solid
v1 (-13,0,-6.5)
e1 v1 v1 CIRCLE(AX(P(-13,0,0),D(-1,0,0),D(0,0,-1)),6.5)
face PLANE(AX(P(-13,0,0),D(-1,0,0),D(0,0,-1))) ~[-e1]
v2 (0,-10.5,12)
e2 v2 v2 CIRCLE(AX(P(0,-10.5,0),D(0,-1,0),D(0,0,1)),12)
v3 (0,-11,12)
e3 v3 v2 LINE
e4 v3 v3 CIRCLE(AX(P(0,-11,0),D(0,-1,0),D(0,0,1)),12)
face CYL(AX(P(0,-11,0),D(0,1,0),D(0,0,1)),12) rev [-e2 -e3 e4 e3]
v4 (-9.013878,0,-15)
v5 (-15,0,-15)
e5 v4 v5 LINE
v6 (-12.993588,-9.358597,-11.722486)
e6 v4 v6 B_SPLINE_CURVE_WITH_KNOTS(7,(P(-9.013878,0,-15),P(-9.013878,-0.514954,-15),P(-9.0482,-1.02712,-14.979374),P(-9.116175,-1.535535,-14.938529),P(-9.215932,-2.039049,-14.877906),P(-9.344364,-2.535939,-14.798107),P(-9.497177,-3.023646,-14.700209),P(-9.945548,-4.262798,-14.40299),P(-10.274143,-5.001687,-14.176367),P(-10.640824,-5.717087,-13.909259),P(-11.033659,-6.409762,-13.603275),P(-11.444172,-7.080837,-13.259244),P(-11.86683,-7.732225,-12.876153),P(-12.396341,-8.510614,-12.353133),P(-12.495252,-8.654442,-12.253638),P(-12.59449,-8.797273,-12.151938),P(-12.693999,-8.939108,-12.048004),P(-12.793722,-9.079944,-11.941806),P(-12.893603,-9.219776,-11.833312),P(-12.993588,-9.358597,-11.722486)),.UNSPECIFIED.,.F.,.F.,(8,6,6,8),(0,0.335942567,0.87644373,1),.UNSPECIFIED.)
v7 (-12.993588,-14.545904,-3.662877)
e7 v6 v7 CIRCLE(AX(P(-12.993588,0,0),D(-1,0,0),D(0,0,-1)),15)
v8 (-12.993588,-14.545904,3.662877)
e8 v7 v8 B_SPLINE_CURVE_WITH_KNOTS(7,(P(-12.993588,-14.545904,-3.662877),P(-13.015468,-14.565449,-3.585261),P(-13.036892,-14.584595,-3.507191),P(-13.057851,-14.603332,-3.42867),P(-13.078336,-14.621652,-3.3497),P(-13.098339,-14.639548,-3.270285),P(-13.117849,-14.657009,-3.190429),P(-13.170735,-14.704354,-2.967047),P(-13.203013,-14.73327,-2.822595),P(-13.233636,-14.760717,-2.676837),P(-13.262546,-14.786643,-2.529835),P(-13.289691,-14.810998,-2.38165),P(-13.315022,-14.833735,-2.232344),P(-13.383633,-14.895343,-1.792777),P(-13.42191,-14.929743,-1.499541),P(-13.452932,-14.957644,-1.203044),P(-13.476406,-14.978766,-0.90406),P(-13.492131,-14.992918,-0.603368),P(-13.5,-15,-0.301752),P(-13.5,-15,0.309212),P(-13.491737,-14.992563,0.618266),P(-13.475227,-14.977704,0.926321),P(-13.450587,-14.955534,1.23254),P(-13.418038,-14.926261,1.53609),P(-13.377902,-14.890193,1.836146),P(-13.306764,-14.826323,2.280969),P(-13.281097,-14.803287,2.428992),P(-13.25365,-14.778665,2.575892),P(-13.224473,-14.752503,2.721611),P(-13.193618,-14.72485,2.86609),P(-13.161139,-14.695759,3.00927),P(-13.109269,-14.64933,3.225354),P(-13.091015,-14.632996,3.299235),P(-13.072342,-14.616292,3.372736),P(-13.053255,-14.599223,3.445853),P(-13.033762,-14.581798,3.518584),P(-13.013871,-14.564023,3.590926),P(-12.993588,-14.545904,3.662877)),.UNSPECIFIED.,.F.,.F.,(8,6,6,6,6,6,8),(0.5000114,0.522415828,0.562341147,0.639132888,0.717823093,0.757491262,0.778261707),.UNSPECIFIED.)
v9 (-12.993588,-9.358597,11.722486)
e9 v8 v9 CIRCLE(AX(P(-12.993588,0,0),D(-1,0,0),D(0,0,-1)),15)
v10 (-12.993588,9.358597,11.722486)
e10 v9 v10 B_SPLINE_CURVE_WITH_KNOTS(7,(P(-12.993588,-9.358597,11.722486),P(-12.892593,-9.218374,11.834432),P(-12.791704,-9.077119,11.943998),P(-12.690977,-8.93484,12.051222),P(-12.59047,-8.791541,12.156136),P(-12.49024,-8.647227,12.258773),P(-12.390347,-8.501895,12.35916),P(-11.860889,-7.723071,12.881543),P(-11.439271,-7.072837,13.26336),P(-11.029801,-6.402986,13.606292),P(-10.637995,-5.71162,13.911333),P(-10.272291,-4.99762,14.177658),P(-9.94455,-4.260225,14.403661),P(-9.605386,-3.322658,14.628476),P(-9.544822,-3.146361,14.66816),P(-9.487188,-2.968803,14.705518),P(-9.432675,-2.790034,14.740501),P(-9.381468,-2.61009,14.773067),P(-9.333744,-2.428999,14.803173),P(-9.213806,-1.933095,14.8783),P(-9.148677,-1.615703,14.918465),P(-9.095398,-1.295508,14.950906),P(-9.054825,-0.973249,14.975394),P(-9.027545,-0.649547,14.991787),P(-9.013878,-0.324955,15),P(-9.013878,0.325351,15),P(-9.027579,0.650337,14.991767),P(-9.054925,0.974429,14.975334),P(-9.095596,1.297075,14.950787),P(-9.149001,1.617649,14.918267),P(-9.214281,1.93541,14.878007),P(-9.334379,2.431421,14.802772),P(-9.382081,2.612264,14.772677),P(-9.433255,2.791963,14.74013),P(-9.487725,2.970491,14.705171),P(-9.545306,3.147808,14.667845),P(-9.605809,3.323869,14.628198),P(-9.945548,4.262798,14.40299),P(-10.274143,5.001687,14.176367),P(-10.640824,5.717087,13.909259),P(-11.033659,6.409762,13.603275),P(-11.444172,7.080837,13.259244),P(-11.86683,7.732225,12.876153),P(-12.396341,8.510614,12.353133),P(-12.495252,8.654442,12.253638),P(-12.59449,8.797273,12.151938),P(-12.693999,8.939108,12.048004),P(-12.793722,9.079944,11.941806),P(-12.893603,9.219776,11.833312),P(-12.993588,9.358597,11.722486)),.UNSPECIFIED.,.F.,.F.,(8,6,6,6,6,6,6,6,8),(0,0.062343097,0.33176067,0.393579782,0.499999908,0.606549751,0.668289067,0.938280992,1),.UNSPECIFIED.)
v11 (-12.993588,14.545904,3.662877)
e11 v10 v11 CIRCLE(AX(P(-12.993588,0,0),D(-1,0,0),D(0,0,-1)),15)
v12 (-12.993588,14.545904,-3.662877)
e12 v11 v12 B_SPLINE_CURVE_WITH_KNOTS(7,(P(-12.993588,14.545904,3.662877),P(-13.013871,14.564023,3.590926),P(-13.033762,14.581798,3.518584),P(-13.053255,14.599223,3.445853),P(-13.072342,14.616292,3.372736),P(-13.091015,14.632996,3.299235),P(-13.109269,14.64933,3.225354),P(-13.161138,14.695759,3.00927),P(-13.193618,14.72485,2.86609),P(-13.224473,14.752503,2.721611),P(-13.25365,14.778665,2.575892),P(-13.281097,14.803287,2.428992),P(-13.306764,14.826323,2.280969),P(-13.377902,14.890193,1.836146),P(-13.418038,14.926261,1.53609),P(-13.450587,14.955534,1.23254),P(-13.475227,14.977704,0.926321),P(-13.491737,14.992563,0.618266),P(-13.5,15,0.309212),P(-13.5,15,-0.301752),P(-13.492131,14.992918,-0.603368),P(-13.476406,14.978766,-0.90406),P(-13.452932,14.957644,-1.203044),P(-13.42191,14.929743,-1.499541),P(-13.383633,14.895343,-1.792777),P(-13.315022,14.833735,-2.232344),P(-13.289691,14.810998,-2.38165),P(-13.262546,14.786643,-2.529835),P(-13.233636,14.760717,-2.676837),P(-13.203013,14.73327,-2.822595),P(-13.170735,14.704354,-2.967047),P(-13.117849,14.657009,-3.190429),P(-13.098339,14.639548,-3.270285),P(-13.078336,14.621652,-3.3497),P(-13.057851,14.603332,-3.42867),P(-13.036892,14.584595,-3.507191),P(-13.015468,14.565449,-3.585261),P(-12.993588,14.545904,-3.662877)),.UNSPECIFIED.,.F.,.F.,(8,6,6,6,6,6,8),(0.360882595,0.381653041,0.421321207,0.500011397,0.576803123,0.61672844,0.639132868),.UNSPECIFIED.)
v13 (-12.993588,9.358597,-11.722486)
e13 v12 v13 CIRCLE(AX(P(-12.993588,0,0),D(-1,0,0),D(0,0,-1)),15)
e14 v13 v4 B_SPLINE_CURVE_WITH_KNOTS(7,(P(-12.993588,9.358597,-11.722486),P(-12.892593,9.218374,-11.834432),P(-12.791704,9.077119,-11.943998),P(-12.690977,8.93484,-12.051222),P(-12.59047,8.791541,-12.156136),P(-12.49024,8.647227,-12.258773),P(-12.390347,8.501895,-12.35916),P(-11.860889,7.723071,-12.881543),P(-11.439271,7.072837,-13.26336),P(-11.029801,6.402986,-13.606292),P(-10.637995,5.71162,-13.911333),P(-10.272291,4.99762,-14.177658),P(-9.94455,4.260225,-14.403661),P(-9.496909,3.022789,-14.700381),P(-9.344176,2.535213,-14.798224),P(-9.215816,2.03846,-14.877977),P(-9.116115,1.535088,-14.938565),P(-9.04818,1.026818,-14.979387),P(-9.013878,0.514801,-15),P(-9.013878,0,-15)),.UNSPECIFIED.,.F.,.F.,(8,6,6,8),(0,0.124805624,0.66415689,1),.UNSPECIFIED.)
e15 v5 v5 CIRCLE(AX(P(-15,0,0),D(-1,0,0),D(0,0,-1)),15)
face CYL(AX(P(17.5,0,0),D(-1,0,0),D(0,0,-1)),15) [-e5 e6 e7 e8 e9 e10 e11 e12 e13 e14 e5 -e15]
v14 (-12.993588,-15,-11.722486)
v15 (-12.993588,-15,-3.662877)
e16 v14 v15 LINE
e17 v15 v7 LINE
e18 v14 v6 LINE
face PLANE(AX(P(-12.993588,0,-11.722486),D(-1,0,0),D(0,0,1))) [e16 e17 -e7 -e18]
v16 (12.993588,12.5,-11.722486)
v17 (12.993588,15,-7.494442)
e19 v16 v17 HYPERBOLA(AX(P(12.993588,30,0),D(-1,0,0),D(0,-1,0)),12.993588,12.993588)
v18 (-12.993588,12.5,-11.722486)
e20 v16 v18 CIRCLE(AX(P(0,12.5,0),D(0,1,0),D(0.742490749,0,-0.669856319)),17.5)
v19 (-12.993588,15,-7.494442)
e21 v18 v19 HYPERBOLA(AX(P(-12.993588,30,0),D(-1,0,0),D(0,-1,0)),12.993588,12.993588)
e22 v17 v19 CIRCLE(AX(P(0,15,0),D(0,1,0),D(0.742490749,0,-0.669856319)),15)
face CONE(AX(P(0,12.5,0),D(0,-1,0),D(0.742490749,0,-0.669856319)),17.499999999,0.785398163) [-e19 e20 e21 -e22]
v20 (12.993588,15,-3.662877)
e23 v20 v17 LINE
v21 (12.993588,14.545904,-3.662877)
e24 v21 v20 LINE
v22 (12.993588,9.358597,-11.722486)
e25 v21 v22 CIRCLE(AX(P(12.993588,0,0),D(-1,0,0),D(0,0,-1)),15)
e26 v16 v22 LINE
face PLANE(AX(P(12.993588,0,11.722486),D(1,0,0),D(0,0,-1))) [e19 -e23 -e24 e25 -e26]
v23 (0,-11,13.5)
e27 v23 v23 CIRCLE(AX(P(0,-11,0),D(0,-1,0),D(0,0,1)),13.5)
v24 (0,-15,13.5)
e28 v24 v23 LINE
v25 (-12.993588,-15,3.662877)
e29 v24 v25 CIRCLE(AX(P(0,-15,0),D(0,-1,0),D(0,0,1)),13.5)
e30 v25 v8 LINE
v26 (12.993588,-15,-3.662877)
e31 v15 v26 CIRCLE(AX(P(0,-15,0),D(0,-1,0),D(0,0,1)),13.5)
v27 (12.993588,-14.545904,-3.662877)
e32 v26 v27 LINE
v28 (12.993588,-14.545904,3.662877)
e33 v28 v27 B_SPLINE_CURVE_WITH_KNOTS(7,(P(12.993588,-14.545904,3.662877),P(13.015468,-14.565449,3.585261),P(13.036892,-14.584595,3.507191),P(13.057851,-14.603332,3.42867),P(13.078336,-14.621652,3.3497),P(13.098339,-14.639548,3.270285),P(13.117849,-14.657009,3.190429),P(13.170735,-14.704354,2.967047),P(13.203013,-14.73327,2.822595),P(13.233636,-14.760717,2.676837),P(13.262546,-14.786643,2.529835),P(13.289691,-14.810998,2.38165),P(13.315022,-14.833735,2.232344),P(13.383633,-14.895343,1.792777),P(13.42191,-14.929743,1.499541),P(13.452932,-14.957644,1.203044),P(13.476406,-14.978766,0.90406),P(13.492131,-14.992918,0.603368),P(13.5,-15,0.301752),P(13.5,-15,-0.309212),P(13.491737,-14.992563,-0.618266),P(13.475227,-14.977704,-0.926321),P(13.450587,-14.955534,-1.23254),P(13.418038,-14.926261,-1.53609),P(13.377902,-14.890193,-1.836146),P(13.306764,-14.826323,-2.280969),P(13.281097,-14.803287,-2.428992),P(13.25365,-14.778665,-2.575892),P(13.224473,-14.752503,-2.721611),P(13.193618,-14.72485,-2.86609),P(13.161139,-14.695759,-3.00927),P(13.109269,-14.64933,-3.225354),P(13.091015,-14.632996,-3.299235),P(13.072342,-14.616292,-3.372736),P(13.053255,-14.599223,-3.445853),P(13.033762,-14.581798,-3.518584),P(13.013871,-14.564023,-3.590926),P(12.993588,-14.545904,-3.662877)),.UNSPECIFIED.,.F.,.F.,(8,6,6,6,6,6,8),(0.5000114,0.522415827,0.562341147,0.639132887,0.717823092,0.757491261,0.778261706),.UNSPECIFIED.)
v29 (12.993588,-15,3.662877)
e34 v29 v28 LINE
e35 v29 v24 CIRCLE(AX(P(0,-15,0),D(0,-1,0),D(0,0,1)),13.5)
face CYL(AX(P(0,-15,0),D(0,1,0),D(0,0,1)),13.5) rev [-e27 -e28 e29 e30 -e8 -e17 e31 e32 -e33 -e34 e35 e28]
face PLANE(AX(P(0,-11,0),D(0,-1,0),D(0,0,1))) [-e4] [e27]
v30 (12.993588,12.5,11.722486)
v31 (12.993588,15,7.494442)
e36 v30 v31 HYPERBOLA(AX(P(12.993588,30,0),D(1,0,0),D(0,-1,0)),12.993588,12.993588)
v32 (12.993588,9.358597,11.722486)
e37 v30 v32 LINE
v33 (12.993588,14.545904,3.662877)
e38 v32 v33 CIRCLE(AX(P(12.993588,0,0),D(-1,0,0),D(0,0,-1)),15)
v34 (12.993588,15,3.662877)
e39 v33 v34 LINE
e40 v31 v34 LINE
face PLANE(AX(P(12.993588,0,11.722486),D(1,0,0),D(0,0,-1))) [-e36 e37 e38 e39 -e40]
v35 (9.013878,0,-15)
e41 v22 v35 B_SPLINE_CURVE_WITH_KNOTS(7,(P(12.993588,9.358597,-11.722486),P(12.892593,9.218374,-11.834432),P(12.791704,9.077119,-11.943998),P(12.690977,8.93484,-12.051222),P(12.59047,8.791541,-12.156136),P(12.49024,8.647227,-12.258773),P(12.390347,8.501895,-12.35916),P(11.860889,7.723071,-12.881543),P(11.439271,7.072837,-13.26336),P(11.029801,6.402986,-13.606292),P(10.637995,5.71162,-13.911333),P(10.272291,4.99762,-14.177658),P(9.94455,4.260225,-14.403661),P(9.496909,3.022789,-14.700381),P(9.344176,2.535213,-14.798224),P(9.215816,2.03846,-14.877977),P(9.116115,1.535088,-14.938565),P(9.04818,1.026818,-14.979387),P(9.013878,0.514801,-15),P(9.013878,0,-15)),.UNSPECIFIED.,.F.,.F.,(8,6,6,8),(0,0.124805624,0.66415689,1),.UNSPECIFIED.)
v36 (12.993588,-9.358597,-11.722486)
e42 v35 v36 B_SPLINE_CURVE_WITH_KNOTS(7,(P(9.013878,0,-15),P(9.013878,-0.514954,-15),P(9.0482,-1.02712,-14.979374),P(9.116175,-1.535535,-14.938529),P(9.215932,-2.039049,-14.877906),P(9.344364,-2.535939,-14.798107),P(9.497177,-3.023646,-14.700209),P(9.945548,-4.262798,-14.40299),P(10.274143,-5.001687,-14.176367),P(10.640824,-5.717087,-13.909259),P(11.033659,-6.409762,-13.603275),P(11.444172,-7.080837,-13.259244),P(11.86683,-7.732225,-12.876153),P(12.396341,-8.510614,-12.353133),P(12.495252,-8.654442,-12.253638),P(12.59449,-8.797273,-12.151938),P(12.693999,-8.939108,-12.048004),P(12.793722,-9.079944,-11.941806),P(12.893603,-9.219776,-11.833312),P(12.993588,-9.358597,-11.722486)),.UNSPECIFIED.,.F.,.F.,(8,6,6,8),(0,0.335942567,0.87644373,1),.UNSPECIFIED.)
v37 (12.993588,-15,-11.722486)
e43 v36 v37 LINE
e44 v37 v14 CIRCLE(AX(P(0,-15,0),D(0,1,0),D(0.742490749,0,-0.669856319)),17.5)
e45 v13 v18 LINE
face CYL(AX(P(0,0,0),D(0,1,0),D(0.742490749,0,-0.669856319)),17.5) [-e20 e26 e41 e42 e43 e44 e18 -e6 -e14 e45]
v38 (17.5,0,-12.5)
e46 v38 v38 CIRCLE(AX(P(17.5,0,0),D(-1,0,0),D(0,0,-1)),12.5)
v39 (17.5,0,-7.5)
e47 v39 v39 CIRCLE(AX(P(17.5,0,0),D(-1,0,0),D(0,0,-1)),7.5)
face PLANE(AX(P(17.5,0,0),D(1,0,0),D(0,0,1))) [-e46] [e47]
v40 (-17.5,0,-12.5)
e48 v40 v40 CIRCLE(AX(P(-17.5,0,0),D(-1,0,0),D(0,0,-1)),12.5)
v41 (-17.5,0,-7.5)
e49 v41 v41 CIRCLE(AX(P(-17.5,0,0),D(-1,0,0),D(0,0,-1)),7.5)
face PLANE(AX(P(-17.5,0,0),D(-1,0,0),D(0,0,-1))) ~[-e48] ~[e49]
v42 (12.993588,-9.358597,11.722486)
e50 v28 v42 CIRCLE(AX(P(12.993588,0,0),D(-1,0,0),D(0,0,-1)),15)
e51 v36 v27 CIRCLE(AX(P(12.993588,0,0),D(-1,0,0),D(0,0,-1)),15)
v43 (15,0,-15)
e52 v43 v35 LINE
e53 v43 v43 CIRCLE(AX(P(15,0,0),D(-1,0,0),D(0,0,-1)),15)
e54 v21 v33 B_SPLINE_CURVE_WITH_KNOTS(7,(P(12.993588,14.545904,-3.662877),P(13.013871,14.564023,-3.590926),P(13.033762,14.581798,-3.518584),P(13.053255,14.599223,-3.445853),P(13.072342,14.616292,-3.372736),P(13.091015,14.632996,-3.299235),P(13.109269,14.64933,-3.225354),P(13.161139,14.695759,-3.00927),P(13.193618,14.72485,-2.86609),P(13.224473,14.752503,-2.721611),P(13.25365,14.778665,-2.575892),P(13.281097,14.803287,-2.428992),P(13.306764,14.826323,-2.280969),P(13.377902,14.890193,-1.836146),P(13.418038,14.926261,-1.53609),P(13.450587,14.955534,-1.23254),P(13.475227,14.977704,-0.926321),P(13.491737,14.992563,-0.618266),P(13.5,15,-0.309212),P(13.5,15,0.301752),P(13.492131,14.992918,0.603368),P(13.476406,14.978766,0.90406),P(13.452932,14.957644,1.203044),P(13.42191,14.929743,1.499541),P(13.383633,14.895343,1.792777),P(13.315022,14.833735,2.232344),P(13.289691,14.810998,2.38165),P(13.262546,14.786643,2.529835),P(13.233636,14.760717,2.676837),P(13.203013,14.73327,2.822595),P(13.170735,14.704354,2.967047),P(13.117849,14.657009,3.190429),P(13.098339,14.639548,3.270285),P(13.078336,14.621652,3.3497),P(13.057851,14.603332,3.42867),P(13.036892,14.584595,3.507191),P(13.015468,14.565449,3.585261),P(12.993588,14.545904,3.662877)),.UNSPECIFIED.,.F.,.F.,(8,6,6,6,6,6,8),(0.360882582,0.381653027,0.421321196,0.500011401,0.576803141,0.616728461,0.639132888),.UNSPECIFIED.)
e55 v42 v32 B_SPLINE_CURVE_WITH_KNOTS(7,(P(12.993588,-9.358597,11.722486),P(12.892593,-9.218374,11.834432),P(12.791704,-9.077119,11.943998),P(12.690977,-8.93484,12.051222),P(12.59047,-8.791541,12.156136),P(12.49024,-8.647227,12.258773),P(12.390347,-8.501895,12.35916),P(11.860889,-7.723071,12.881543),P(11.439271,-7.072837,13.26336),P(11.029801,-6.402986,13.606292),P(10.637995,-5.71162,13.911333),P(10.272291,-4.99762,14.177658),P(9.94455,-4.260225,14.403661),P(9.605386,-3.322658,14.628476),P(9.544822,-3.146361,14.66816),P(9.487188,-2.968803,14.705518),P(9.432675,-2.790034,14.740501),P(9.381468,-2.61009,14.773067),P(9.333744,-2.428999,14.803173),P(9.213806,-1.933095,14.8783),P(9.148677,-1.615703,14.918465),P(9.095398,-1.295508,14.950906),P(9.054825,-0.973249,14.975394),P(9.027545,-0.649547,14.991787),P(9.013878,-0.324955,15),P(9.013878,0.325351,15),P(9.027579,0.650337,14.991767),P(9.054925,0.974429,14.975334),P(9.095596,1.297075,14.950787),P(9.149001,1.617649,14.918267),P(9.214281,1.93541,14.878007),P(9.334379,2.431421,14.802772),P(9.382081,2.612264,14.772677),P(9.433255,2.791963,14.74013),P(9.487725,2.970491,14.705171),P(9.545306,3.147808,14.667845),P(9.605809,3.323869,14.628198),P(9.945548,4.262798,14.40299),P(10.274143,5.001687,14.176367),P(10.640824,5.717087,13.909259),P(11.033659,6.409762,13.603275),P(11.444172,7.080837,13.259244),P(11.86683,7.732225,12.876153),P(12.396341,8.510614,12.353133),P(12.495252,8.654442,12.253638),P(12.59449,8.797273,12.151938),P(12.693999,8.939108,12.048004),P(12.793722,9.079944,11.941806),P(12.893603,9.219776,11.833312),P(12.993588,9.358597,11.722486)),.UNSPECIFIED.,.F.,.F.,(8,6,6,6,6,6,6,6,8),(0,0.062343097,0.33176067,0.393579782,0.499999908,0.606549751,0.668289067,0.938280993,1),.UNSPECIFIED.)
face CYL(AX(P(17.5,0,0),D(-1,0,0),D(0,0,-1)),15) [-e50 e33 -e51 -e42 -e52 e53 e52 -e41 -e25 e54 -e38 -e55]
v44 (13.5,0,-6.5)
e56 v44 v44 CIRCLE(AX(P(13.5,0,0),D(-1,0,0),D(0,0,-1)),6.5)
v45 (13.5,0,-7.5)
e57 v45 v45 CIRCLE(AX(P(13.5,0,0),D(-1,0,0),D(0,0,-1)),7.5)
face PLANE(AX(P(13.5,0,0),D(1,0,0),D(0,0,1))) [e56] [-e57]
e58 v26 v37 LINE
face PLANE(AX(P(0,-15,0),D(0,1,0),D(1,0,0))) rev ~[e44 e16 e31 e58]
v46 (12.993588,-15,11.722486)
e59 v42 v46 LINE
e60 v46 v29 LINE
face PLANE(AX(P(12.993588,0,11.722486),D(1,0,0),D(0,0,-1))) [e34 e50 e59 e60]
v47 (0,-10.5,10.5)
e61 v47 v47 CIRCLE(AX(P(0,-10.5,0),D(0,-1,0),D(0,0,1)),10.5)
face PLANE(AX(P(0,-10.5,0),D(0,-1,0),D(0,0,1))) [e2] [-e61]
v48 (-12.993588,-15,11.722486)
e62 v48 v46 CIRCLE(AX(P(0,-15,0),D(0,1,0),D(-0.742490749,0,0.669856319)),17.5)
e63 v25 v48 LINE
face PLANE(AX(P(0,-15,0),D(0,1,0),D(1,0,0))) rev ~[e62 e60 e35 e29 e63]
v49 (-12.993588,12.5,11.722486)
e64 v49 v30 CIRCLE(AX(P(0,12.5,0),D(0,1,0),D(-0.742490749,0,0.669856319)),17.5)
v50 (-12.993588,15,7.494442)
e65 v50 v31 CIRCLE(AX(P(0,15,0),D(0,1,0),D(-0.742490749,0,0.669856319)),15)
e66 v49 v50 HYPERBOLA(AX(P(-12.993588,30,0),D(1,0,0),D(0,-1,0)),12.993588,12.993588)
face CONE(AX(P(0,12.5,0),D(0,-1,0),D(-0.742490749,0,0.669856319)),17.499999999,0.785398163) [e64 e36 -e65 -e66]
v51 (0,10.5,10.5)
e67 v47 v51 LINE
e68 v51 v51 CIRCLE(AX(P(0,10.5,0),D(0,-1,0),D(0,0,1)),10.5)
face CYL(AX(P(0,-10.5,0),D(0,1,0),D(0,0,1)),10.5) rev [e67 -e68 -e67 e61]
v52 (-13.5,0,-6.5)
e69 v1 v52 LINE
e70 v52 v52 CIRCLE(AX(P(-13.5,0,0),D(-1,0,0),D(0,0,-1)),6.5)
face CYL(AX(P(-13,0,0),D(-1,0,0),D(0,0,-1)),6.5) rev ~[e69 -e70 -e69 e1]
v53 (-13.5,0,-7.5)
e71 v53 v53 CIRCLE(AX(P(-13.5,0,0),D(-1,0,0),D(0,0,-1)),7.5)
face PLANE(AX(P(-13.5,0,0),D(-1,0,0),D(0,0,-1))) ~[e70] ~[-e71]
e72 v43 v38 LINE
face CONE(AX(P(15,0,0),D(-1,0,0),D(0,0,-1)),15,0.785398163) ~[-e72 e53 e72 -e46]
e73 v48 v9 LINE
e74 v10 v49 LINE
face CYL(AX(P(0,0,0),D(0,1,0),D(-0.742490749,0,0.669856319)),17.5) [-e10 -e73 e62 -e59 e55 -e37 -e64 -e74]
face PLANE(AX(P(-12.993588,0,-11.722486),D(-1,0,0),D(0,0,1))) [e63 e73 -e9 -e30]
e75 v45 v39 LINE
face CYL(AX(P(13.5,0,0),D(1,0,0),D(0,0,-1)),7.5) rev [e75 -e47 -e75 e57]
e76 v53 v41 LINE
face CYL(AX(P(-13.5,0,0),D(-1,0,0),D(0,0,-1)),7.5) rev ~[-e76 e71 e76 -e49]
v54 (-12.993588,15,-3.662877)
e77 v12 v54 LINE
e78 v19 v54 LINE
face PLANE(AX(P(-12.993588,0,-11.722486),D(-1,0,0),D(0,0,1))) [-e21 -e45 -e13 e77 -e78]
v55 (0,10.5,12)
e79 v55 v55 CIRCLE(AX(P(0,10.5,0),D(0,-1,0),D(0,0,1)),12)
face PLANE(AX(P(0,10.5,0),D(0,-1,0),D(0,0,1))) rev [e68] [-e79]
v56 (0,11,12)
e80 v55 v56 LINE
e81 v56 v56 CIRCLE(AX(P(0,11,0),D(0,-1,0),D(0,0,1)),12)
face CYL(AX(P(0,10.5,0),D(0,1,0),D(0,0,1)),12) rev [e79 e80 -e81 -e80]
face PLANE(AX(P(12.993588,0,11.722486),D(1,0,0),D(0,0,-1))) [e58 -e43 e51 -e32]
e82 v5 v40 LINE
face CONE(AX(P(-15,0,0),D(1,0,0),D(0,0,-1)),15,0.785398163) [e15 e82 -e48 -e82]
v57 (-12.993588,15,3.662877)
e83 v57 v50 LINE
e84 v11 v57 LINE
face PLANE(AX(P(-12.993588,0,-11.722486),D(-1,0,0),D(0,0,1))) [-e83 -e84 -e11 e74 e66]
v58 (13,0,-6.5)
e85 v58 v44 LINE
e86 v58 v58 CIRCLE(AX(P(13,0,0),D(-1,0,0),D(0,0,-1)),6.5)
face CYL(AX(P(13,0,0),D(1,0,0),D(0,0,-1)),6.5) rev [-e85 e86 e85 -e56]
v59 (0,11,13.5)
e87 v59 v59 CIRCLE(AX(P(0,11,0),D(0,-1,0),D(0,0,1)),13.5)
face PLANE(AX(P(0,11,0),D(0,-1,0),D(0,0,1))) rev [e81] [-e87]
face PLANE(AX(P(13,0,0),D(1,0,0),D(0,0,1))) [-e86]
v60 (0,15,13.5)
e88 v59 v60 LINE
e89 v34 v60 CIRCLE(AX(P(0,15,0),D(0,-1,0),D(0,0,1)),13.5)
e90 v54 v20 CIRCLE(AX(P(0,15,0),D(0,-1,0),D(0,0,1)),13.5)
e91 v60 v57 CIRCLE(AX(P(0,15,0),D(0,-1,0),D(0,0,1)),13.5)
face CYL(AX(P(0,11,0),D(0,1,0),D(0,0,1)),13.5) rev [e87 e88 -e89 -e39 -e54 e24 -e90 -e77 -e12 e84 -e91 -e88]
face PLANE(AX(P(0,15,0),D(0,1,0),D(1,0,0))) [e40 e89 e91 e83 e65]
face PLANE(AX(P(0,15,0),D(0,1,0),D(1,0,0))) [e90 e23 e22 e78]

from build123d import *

# Parameters (mm, degrees)
BOSS_EXTRUDE1_DEPTH  = 15
F_2_5MM_CHAMFER_SIZE = 2.5


with BuildPart() as part:
    # Sketch3 → Revolve1 (revolve)
    with BuildSketch(Plane(origin=(0, 0, 0), x_dir=(1, 0, 0), z_dir=(0, 1, 0))):
        Polygon((0, 0), (-13, 0), (-13, 6.5), (-13.5, 6.5), (-13.5, 7.5), (-17.5, 7.5), (-17.5, 15), (0, 15), align=None)
    revolve1 = revolve(axis=Axis((0, 0, 0), (-1, 0, 0)))

    # Mirror1: Revolve1 across plane
    add(revolve1.mirror(Plane(origin=(0, 0, 0), x_dir=(0, 0, 1), z_dir=(1, 0, 0))))

    # Sketch6 → Boss-Extrude1 (add, symmetric)
    with BuildSketch(Plane(origin=(0, 0, 0), x_dir=(1, 0, 0), z_dir=(0, 1, 0))):
        with BuildLine():
            ThreePointArc((12.993588105, 11.722485579), (0, 17.5), (-12.993588105, 11.722485579))
            Line((-12.993588105, 11.722485579), (-12.993588105, -11.722485579))
            ThreePointArc((-12.993588105, -11.722485579), (0, -17.5), (12.993588105, -11.722485579))
            Line((12.993588105, -11.722485579), (12.993588105, 11.722485579))
        make_face()
    extrude(amount=BOSS_EXTRUDE1_DEPTH, both=True)

    # Sketch8 → Cut-Revolve1 (revolve, cut)
    with BuildSketch(Plane.XY, mode=Mode.PRIVATE) as cut_revolve1_sk:
        Polygon((0, -15), (13.5, -15), (13.5, -11), (12, -11), (12, -10.5), (10.5, -10.5), (10.5, 10.5), (12, 10.5), (12, 11), (13.5, 11), (13.5, 15), (0, 15), align=None)
    revolve(cut_revolve1_sk.sketch.rotate(Axis((0, 15, 0), (0, -1, 0)), 90), axis=Axis((0, 15, 0), (0, -1, 0)), mode=Mode.SUBTRACT)

    # 2,5mm Chamfer
    f_2_5mm_chamfer_edges = [part.edges().sort_by_distance(p)[0] for p in [
        (-17.5, 0, 15),
        (17.5, 0, 15),
        (0, 15, 17.5),
        (0, 15, -17.5),
    ]]
    chamfer(f_2_5mm_chamfer_edges, length=F_2_5MM_CHAMFER_SIZE)


solid = part.part
